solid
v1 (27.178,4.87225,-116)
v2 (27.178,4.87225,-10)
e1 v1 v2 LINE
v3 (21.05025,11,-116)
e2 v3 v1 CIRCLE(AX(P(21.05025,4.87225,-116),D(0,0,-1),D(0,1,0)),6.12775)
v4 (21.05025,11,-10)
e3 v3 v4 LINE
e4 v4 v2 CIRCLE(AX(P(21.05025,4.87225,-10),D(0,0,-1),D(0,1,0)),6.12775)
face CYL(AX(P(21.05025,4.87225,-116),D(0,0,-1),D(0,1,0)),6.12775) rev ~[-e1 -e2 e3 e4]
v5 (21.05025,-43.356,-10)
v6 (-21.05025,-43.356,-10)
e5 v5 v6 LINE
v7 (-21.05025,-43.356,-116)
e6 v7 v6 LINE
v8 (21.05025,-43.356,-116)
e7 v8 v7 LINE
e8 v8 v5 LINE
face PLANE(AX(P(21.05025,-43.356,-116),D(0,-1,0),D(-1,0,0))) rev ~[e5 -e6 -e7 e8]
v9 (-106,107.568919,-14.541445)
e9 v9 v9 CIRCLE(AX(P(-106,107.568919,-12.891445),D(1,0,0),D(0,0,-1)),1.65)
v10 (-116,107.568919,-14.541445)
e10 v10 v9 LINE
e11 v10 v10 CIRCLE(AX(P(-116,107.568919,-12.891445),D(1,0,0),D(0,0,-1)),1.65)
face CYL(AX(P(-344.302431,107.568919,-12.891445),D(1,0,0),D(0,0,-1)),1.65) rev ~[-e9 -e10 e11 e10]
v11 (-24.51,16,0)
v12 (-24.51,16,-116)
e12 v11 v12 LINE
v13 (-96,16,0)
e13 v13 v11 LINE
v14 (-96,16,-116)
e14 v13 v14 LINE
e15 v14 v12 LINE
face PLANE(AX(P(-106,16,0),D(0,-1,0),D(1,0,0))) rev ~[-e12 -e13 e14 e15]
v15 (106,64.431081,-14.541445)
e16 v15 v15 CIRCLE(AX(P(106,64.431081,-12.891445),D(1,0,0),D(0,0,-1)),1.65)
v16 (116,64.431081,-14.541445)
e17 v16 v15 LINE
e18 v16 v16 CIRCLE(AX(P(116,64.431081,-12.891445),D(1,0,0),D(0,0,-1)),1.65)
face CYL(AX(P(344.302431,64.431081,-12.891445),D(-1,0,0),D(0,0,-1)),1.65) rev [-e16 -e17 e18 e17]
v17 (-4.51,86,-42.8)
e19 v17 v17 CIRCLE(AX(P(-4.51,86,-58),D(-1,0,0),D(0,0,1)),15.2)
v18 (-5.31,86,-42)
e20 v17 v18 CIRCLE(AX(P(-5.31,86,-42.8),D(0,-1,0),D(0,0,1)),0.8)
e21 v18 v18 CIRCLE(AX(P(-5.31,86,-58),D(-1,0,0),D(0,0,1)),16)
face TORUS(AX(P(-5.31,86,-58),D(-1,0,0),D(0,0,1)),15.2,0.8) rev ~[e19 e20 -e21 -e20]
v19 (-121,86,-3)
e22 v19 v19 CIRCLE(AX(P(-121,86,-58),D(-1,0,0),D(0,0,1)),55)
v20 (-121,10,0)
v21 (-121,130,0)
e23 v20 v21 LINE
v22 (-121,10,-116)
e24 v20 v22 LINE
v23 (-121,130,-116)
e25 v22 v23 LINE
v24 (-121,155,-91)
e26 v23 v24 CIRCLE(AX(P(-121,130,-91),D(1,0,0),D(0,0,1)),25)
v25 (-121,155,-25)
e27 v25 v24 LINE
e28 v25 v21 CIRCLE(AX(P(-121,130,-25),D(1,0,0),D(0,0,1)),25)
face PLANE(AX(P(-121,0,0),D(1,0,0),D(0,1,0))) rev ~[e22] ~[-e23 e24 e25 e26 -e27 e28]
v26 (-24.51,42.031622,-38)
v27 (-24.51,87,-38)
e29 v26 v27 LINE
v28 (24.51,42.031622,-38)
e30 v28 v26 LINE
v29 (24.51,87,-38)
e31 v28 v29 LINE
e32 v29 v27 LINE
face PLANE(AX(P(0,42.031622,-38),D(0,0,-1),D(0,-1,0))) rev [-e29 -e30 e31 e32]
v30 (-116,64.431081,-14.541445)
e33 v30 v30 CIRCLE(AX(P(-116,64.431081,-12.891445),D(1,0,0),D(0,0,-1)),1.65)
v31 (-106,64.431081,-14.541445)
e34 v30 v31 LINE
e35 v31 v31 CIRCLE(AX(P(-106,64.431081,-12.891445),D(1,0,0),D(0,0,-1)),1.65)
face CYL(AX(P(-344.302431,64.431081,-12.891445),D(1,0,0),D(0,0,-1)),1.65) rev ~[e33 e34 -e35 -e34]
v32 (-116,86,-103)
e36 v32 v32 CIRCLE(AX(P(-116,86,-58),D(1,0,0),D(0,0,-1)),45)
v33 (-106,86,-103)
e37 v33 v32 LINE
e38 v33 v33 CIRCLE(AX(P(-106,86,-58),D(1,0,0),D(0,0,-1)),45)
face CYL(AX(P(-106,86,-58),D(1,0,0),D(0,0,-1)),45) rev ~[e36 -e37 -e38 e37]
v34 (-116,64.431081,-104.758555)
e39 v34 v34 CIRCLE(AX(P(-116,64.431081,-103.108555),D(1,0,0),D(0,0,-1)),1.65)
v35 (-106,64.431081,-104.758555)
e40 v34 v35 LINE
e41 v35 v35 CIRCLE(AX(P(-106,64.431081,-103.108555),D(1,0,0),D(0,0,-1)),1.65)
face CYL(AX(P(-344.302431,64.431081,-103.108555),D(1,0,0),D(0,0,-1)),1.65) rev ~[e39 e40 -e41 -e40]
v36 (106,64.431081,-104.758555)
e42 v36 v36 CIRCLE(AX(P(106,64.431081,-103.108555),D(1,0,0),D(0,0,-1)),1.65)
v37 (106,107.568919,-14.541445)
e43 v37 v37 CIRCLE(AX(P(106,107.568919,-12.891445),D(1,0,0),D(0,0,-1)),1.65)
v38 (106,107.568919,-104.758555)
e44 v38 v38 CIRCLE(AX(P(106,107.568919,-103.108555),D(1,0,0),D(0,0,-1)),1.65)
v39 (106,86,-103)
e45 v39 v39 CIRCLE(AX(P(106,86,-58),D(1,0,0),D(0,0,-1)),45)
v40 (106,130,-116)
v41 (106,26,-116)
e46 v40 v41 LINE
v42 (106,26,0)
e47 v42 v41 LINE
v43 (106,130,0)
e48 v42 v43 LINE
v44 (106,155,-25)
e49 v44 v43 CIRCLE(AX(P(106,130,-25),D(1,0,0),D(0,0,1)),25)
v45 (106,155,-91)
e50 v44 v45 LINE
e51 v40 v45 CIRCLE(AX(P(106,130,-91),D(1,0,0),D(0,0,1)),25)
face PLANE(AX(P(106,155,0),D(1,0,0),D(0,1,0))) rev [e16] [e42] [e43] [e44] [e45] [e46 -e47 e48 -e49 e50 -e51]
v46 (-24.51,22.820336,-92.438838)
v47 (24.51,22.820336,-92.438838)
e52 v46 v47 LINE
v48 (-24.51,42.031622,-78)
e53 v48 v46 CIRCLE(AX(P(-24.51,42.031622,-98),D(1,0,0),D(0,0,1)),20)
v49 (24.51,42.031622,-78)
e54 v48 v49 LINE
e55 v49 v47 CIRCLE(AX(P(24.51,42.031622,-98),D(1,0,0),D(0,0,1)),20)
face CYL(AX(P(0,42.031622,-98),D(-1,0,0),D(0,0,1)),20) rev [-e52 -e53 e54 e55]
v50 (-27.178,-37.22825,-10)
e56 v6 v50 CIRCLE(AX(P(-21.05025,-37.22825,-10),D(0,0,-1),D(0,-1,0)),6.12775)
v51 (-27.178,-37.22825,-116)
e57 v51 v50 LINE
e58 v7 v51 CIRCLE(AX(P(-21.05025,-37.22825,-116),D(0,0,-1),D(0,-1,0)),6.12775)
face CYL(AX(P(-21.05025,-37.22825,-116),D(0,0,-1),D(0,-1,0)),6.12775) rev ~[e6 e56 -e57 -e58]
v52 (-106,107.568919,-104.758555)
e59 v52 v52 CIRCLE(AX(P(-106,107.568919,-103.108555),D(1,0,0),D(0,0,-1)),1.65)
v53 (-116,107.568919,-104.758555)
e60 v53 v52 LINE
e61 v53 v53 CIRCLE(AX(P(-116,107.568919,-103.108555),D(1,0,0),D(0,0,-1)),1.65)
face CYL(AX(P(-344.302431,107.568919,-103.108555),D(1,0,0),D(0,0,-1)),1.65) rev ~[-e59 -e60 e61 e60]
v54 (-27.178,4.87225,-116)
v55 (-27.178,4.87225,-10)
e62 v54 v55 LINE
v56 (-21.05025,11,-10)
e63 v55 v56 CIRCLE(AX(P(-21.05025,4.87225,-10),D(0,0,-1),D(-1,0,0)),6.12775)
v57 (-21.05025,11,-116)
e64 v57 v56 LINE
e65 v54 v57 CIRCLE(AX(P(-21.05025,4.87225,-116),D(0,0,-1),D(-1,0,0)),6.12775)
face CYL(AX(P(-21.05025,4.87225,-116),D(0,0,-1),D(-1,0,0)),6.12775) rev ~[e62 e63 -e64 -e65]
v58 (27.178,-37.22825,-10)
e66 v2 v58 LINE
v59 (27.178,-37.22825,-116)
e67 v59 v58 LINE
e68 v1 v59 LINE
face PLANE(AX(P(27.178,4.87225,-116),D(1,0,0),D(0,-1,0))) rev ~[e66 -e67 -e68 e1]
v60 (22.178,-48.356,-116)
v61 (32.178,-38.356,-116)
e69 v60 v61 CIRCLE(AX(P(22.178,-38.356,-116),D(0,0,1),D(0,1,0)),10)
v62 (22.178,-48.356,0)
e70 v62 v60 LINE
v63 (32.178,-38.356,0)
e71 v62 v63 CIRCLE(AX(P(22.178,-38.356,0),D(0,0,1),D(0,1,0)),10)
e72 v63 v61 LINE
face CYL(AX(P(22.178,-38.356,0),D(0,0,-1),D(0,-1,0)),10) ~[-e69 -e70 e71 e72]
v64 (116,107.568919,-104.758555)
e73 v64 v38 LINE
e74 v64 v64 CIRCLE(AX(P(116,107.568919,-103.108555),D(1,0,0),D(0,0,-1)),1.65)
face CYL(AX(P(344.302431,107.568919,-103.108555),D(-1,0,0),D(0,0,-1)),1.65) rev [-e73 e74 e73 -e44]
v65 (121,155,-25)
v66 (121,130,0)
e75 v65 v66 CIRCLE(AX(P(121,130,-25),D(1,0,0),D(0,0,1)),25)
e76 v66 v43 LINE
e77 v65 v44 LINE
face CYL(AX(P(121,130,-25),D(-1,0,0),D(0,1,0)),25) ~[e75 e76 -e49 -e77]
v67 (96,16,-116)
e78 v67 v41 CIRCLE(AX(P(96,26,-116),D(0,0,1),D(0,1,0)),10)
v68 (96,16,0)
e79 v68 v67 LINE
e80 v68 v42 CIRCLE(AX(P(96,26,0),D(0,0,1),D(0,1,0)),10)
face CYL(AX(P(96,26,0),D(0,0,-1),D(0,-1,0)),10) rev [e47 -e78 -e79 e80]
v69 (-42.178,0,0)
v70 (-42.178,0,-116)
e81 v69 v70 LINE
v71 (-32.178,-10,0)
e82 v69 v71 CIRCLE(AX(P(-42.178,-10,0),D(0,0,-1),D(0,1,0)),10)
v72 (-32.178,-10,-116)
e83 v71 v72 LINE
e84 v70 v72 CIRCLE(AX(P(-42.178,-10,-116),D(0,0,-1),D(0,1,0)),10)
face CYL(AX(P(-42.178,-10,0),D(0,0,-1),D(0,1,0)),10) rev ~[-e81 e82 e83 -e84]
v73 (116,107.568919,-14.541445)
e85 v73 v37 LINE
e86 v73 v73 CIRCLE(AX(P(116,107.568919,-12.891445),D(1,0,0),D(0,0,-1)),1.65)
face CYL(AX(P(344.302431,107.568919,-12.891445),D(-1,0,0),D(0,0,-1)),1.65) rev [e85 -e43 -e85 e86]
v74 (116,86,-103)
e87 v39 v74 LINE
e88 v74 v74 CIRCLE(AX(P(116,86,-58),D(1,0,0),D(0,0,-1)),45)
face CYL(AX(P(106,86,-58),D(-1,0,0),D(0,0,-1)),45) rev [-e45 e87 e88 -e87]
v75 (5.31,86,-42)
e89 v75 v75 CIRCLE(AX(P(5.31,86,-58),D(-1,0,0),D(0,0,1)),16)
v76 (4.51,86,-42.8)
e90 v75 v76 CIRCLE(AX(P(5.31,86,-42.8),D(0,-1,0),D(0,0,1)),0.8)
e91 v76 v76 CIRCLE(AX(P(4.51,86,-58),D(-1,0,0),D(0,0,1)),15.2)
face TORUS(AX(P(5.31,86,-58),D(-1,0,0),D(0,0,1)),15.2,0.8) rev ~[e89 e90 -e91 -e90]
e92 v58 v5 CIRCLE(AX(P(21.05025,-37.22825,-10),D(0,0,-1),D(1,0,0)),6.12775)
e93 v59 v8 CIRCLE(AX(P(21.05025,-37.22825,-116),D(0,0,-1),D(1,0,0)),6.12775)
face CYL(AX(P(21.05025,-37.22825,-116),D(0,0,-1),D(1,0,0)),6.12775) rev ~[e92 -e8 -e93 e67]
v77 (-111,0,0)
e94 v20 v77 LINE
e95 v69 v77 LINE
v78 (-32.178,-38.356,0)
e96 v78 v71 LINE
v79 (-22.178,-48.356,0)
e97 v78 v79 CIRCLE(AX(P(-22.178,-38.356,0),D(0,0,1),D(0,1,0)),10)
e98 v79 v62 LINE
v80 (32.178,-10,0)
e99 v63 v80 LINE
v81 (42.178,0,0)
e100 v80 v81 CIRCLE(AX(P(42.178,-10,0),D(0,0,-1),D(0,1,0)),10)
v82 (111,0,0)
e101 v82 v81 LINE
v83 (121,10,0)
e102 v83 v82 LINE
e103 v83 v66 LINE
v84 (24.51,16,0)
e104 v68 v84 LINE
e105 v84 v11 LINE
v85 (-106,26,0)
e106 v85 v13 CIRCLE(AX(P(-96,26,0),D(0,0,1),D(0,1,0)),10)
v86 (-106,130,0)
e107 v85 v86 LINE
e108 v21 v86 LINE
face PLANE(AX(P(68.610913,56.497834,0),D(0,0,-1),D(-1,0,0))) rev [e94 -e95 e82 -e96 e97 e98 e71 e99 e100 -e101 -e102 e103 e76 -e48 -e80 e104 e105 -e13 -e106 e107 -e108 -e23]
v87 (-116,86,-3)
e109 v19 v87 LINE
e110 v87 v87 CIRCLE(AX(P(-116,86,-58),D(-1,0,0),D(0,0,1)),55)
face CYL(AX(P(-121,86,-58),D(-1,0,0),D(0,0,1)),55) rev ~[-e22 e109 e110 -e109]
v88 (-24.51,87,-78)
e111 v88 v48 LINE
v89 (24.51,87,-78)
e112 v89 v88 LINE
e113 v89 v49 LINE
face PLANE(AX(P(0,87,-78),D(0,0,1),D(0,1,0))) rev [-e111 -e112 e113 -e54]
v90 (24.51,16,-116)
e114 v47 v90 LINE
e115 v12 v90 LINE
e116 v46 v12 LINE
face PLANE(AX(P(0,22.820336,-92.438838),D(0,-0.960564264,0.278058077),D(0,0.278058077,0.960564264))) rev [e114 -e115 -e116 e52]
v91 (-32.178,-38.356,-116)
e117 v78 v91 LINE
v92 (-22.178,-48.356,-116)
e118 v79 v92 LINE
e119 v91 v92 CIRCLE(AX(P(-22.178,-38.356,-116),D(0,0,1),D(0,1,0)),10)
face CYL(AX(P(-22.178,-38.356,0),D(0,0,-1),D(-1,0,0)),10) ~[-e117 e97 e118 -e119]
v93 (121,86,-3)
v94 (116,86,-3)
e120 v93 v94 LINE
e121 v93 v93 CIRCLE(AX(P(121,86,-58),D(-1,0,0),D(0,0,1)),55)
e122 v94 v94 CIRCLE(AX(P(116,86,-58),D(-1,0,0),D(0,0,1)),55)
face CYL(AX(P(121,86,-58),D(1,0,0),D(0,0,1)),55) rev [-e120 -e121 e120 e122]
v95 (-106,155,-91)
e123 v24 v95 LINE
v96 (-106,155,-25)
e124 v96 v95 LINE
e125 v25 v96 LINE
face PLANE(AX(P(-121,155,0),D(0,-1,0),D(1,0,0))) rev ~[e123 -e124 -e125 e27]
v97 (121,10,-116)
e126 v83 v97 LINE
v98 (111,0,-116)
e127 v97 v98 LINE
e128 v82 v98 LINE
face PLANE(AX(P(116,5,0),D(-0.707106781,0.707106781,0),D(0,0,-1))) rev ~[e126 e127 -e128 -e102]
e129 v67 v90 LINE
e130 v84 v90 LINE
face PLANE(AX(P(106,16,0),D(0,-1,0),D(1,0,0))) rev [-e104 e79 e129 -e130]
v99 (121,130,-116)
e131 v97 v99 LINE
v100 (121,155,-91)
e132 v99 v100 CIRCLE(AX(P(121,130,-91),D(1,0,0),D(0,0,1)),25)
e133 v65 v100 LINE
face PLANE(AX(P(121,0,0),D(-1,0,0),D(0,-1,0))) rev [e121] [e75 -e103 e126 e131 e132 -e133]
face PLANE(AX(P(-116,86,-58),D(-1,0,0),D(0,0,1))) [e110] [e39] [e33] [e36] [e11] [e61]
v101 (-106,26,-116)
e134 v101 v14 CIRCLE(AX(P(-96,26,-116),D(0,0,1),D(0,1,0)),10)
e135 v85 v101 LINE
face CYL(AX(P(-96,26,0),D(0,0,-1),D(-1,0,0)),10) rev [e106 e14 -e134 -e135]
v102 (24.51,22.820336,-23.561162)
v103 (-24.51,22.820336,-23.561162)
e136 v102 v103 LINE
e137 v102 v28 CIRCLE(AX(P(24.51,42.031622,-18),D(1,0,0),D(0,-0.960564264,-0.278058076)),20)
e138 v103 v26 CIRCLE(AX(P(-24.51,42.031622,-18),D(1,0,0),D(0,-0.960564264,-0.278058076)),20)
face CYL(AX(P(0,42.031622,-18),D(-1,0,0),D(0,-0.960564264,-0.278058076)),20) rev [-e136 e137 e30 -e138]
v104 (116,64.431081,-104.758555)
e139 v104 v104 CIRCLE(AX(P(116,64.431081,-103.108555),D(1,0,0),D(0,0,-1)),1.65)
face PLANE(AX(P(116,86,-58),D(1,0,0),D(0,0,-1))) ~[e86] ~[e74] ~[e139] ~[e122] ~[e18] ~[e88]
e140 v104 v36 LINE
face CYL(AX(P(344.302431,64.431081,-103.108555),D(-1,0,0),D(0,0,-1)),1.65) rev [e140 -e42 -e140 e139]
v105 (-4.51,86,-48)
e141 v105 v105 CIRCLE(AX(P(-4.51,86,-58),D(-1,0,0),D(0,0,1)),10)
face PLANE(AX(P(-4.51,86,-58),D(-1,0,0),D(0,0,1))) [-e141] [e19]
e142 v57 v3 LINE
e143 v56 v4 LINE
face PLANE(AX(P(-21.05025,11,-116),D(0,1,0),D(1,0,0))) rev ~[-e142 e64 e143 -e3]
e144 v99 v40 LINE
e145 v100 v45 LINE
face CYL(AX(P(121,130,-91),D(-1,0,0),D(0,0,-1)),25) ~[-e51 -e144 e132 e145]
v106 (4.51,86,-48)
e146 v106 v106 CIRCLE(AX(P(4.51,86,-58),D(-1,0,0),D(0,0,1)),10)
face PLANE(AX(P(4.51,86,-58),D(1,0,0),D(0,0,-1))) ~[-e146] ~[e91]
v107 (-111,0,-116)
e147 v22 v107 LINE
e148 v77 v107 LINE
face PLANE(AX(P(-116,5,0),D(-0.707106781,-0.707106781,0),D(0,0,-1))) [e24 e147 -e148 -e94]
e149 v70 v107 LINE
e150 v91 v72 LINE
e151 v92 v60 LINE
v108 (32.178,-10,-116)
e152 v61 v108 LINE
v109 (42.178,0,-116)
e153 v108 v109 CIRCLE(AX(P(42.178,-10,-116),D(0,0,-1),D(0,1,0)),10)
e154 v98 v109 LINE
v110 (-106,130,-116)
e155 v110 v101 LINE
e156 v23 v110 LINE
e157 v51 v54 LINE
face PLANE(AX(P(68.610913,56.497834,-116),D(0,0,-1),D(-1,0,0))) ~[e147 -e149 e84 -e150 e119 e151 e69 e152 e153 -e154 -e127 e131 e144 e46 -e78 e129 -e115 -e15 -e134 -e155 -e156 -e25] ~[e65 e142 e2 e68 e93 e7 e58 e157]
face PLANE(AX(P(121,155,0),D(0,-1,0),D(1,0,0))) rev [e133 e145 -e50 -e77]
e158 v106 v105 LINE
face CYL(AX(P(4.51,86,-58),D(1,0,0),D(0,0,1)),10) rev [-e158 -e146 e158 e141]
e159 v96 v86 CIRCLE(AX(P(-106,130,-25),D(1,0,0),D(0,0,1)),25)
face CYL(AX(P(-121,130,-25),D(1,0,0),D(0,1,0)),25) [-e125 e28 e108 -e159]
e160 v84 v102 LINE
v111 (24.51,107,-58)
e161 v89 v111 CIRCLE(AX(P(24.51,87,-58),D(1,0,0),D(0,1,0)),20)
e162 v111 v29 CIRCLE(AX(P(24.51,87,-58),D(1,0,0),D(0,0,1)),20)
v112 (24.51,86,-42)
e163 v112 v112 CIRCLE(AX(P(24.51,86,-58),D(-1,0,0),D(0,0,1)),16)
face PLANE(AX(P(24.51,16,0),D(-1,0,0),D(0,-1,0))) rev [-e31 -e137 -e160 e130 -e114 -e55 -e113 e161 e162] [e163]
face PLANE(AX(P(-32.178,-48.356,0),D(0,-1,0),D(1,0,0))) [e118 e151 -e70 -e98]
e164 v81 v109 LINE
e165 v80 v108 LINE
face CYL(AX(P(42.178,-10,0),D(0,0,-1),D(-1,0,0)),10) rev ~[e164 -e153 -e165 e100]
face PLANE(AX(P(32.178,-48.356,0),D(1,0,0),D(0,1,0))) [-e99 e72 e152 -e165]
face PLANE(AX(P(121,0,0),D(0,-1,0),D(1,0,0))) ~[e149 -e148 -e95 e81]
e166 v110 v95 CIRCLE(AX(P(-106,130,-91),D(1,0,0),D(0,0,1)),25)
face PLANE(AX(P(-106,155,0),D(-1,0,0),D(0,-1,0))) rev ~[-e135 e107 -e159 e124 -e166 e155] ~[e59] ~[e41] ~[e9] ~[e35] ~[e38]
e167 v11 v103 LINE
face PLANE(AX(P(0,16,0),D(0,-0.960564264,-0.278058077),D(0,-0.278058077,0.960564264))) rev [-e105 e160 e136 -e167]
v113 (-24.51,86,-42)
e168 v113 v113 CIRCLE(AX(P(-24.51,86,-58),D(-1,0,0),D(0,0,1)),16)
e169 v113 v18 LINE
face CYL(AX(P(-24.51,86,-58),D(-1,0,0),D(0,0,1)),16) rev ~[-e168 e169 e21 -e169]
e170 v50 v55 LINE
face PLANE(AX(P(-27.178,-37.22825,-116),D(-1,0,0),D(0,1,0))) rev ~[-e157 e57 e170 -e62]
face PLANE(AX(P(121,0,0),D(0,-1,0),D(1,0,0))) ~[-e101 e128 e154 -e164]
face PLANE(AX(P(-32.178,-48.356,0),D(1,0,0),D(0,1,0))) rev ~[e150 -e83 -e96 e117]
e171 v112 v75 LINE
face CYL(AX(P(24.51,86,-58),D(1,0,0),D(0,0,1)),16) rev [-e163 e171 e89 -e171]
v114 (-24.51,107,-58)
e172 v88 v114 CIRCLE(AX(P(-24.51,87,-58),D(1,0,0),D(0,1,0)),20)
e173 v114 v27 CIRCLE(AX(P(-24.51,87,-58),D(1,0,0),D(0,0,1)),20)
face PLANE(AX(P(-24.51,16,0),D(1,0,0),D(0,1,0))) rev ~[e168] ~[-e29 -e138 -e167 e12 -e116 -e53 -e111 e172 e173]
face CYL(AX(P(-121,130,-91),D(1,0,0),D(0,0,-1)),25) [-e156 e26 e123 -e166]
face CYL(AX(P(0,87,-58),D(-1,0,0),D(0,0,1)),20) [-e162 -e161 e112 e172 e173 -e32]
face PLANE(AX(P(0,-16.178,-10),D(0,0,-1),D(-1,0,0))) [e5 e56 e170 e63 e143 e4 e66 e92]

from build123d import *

# Parameters (mm, degrees)
BOSS_EXTRUDE1_DEPTH   = 116
SKETCH5_R             = 16
CUT_EXTRUDE1_DEPTH    = 20
CUT_EXTRUDE2_REACH    = 6.51
SKETCH6_R             = 10
CUT_EXTRUDE4_REACH    = 17
SKETCH8_R             = 45
CUT_EXTRUDE5_DEPTH    = 106
FILLET3_R             = 25
SKETCH21_R            = 55
CUT_EXTRUDE7_DEPTH    = 5
M4X0_7_TAPPED_HOLE1_D = 3.3
FILLET4_R             = 0.8
CHAMFER1_SIZE         = 10
SKETCH25_W            = 64.356
SKETCH25_H            = 48.356
BOSS_EXTRUDE2_DEPTH   = 116
CUT_EXTRUDE8_DEPTH    = 106
FILLET6_R             = 10
FILLET7_R             = 10
FILLET8_R             = 10


with BuildPart() as part:
    # Sketch1 → Boss-Extrude1 (new body)
    with BuildSketch(Plane.XY):
        Polygon((0, 0), (-106, 0), (-121, 0), (-121, 155), (-106, 155), (-106, 16), (-24.51, 16), (-24.51, 107), (0, 107), align=None)
    extrude(amount=-BOSS_EXTRUDE1_DEPTH)

    # Sketch5 → Cut-Extrude1 (cut)
    with BuildSketch(Plane.ZY.offset(24.51)):
        with Locations((-58, 86)):
            Circle(SKETCH5_R)
    extrude(amount=-CUT_EXTRUDE1_DEPTH, mode=Mode.SUBTRACT)

    # Sketch6 → Cut-Extrude2 (cut, up to next)
    with BuildSketch(Plane.ZY.offset(4.51), mode=Mode.PRIVATE) as cut_extrude2_sk1:
        with Locations((-58, 86)):
            Circle(SKETCH6_R)
    cut_extrude2_tool1 = extrude(cut_extrude2_sk1.sketch, amount=-CUT_EXTRUDE2_REACH, mode=Mode.PRIVATE) & part.part
    add(cut_extrude2_tool1.solids().sort_by_distance((-4.51, 86, -58))[0], mode=Mode.SUBTRACT)

    # Sketch8 → Cut-Extrude4 (cut, up to next)
    with BuildSketch(Plane(origin=(-106, 0, 0), x_dir=(0, 0, -1), z_dir=(1, 0, 0)), mode=Mode.PRIVATE) as cut_extrude4_sk1:
        with Locations((58, 86)):
            Circle(SKETCH8_R)
    cut_extrude4_tool1 = extrude(cut_extrude4_sk1.sketch, amount=-CUT_EXTRUDE4_REACH, mode=Mode.PRIVATE) & part.part
    add(cut_extrude4_tool1.solids().sort_by_distance((-106, 86, -58))[0], mode=Mode.SUBTRACT)

    # Sketch10 → Cut-Extrude5 (cut)
    with BuildSketch(Plane(origin=(0, 0, 0), x_dir=(0, 0, -1), z_dir=(1, 0, 0))):
        with BuildLine():
            Line((0, 107), (0, 16))
            Line((0, 16), (23.561161531, 22.820336233))
            ThreePointArc((23.561161531, 22.820336233), (33.987858372, 30.015449722), (38, 42.031621521))
            Line((38, 42.031621521), (38, 87))
            ThreePointArc((38, 87), (43.857864376, 101.142135624), (58, 107))
            Line((58, 107), (0, 107))
        make_face()
        with BuildLine():
            Line((116, 107), (58, 107))
            ThreePointArc((58, 107), (72.142135624, 101.142135624), (78, 87))
            Line((78, 87), (78, 42.031621521))
            ThreePointArc((78, 42.031621521), (82.012141628, 30.015449722), (92.438838469, 22.820336233))
            Line((92.438838469, 22.820336233), (116, 16))
            Line((116, 16), (116, 107))
        make_face()
    extrude(amount=-CUT_EXTRUDE5_DEPTH, mode=Mode.SUBTRACT)

    # Fillet3
    fillet3_edges = [part.edges().sort_by_distance(p)[0] for p in [
        (-113.5, 155, 0),
        (-113.5, 155, -116),
    ]]
    fillet(fillet3_edges, radius=FILLET3_R)

    # Sketch21 → Cut-Extrude7 (cut)
    with BuildSketch(Plane.ZY.offset(121)):
        with Locations((-58, 86)):
            Circle(SKETCH21_R)
    extrude(amount=-CUT_EXTRUDE7_DEPTH, mode=Mode.SUBTRACT)

    # M4x0.7 Tapped Hole1 (through all)
    with Locations(Plane.ZY.offset(116)):
        with Locations((-103.10855484, 107.568919311), (-12.89144516, 107.568919311), (-12.89144516, 64.431080689), (-103.10855484, 64.431080689)):
            Hole(M4X0_7_TAPPED_HOLE1_D / 2)

    # Mirror1: part across plane


with BuildPart() as part_1:
    add(part.part)
    add(part.part.mirror(Plane(origin=(0, 107, -116), x_dir=(0, 0, 1), z_dir=(1, 0, 0))))

    # Fillet4
    fillet4_edges = [part_1.edges().sort_by_distance(p)[0] for p in [
        (4.51, 86, -74),
        (-4.51, 86, -74),
    ]]
    fillet(fillet4_edges, radius=FILLET4_R)

    # Chamfer1
    chamfer1_edges = [part_1.edges().sort_by_distance(p)[0] for p in [
        (-121, 0, -58),
        (121, 0, -58),
    ]]
    chamfer(chamfer1_edges, length=CHAMFER1_SIZE)

    # Sketch25 → Boss-Extrude2 (add)
    with BuildSketch(Plane.XY):
        with Locations((0, -24.178)):
            Rectangle(SKETCH25_W, SKETCH25_H)
    extrude(amount=-BOSS_EXTRUDE2_DEPTH)

    # Sketch27 → Cut-Extrude8 (cut)
    with BuildSketch(Plane(origin=(0, 0, -116), x_dir=(-1, 0, 0), z_dir=(0, 0, -1))):
        with BuildLine():
            Line((-21.05025, -43.356), (21.05025, -43.356))
            ThreePointArc((21.05025, -43.356), (25.383223578, -41.561223578), (27.178, -37.22825))
            Line((27.178, -37.22825), (27.178, 4.87225))
            ThreePointArc((27.178, 4.87225), (25.383223578, 9.205223578), (21.05025, 11))
            Line((21.05025, 11), (-21.05025, 11))
            ThreePointArc((-21.05025, 11), (-25.383223578, 9.205223578), (-27.178, 4.87225))
            Line((-27.178, 4.87225), (-27.178, -37.22825))
            ThreePointArc((-27.178, -37.22825), (-25.383223578, -41.561223578), (-21.05025, -43.356))
        make_face()
    extrude(amount=-CUT_EXTRUDE8_DEPTH, mode=Mode.SUBTRACT)

    # Fillet6
    fillet6_edges = [part_1.edges().sort_by_distance(p)[0] for p in [
        (-32.178, 0, -58),
        (32.178, 0, -58),
    ]]
    fillet(fillet6_edges, radius=FILLET6_R)

    # Fillet7
    fillet7_edges = [part_1.edges().sort_by_distance(p)[0] for p in [
        (-32.178, -48.356, -58),
        (32.178, -48.356, -58),
    ]]
    fillet(fillet7_edges, radius=FILLET7_R)

    # Fillet8
    fillet8_edges = [part_1.edges().sort_by_distance(p)[0] for p in [
        (106, 16, -58),
        (-106, 16, -58),
    ]]
    fillet(fillet8_edges, radius=FILLET8_R)


solid = part_1.part
